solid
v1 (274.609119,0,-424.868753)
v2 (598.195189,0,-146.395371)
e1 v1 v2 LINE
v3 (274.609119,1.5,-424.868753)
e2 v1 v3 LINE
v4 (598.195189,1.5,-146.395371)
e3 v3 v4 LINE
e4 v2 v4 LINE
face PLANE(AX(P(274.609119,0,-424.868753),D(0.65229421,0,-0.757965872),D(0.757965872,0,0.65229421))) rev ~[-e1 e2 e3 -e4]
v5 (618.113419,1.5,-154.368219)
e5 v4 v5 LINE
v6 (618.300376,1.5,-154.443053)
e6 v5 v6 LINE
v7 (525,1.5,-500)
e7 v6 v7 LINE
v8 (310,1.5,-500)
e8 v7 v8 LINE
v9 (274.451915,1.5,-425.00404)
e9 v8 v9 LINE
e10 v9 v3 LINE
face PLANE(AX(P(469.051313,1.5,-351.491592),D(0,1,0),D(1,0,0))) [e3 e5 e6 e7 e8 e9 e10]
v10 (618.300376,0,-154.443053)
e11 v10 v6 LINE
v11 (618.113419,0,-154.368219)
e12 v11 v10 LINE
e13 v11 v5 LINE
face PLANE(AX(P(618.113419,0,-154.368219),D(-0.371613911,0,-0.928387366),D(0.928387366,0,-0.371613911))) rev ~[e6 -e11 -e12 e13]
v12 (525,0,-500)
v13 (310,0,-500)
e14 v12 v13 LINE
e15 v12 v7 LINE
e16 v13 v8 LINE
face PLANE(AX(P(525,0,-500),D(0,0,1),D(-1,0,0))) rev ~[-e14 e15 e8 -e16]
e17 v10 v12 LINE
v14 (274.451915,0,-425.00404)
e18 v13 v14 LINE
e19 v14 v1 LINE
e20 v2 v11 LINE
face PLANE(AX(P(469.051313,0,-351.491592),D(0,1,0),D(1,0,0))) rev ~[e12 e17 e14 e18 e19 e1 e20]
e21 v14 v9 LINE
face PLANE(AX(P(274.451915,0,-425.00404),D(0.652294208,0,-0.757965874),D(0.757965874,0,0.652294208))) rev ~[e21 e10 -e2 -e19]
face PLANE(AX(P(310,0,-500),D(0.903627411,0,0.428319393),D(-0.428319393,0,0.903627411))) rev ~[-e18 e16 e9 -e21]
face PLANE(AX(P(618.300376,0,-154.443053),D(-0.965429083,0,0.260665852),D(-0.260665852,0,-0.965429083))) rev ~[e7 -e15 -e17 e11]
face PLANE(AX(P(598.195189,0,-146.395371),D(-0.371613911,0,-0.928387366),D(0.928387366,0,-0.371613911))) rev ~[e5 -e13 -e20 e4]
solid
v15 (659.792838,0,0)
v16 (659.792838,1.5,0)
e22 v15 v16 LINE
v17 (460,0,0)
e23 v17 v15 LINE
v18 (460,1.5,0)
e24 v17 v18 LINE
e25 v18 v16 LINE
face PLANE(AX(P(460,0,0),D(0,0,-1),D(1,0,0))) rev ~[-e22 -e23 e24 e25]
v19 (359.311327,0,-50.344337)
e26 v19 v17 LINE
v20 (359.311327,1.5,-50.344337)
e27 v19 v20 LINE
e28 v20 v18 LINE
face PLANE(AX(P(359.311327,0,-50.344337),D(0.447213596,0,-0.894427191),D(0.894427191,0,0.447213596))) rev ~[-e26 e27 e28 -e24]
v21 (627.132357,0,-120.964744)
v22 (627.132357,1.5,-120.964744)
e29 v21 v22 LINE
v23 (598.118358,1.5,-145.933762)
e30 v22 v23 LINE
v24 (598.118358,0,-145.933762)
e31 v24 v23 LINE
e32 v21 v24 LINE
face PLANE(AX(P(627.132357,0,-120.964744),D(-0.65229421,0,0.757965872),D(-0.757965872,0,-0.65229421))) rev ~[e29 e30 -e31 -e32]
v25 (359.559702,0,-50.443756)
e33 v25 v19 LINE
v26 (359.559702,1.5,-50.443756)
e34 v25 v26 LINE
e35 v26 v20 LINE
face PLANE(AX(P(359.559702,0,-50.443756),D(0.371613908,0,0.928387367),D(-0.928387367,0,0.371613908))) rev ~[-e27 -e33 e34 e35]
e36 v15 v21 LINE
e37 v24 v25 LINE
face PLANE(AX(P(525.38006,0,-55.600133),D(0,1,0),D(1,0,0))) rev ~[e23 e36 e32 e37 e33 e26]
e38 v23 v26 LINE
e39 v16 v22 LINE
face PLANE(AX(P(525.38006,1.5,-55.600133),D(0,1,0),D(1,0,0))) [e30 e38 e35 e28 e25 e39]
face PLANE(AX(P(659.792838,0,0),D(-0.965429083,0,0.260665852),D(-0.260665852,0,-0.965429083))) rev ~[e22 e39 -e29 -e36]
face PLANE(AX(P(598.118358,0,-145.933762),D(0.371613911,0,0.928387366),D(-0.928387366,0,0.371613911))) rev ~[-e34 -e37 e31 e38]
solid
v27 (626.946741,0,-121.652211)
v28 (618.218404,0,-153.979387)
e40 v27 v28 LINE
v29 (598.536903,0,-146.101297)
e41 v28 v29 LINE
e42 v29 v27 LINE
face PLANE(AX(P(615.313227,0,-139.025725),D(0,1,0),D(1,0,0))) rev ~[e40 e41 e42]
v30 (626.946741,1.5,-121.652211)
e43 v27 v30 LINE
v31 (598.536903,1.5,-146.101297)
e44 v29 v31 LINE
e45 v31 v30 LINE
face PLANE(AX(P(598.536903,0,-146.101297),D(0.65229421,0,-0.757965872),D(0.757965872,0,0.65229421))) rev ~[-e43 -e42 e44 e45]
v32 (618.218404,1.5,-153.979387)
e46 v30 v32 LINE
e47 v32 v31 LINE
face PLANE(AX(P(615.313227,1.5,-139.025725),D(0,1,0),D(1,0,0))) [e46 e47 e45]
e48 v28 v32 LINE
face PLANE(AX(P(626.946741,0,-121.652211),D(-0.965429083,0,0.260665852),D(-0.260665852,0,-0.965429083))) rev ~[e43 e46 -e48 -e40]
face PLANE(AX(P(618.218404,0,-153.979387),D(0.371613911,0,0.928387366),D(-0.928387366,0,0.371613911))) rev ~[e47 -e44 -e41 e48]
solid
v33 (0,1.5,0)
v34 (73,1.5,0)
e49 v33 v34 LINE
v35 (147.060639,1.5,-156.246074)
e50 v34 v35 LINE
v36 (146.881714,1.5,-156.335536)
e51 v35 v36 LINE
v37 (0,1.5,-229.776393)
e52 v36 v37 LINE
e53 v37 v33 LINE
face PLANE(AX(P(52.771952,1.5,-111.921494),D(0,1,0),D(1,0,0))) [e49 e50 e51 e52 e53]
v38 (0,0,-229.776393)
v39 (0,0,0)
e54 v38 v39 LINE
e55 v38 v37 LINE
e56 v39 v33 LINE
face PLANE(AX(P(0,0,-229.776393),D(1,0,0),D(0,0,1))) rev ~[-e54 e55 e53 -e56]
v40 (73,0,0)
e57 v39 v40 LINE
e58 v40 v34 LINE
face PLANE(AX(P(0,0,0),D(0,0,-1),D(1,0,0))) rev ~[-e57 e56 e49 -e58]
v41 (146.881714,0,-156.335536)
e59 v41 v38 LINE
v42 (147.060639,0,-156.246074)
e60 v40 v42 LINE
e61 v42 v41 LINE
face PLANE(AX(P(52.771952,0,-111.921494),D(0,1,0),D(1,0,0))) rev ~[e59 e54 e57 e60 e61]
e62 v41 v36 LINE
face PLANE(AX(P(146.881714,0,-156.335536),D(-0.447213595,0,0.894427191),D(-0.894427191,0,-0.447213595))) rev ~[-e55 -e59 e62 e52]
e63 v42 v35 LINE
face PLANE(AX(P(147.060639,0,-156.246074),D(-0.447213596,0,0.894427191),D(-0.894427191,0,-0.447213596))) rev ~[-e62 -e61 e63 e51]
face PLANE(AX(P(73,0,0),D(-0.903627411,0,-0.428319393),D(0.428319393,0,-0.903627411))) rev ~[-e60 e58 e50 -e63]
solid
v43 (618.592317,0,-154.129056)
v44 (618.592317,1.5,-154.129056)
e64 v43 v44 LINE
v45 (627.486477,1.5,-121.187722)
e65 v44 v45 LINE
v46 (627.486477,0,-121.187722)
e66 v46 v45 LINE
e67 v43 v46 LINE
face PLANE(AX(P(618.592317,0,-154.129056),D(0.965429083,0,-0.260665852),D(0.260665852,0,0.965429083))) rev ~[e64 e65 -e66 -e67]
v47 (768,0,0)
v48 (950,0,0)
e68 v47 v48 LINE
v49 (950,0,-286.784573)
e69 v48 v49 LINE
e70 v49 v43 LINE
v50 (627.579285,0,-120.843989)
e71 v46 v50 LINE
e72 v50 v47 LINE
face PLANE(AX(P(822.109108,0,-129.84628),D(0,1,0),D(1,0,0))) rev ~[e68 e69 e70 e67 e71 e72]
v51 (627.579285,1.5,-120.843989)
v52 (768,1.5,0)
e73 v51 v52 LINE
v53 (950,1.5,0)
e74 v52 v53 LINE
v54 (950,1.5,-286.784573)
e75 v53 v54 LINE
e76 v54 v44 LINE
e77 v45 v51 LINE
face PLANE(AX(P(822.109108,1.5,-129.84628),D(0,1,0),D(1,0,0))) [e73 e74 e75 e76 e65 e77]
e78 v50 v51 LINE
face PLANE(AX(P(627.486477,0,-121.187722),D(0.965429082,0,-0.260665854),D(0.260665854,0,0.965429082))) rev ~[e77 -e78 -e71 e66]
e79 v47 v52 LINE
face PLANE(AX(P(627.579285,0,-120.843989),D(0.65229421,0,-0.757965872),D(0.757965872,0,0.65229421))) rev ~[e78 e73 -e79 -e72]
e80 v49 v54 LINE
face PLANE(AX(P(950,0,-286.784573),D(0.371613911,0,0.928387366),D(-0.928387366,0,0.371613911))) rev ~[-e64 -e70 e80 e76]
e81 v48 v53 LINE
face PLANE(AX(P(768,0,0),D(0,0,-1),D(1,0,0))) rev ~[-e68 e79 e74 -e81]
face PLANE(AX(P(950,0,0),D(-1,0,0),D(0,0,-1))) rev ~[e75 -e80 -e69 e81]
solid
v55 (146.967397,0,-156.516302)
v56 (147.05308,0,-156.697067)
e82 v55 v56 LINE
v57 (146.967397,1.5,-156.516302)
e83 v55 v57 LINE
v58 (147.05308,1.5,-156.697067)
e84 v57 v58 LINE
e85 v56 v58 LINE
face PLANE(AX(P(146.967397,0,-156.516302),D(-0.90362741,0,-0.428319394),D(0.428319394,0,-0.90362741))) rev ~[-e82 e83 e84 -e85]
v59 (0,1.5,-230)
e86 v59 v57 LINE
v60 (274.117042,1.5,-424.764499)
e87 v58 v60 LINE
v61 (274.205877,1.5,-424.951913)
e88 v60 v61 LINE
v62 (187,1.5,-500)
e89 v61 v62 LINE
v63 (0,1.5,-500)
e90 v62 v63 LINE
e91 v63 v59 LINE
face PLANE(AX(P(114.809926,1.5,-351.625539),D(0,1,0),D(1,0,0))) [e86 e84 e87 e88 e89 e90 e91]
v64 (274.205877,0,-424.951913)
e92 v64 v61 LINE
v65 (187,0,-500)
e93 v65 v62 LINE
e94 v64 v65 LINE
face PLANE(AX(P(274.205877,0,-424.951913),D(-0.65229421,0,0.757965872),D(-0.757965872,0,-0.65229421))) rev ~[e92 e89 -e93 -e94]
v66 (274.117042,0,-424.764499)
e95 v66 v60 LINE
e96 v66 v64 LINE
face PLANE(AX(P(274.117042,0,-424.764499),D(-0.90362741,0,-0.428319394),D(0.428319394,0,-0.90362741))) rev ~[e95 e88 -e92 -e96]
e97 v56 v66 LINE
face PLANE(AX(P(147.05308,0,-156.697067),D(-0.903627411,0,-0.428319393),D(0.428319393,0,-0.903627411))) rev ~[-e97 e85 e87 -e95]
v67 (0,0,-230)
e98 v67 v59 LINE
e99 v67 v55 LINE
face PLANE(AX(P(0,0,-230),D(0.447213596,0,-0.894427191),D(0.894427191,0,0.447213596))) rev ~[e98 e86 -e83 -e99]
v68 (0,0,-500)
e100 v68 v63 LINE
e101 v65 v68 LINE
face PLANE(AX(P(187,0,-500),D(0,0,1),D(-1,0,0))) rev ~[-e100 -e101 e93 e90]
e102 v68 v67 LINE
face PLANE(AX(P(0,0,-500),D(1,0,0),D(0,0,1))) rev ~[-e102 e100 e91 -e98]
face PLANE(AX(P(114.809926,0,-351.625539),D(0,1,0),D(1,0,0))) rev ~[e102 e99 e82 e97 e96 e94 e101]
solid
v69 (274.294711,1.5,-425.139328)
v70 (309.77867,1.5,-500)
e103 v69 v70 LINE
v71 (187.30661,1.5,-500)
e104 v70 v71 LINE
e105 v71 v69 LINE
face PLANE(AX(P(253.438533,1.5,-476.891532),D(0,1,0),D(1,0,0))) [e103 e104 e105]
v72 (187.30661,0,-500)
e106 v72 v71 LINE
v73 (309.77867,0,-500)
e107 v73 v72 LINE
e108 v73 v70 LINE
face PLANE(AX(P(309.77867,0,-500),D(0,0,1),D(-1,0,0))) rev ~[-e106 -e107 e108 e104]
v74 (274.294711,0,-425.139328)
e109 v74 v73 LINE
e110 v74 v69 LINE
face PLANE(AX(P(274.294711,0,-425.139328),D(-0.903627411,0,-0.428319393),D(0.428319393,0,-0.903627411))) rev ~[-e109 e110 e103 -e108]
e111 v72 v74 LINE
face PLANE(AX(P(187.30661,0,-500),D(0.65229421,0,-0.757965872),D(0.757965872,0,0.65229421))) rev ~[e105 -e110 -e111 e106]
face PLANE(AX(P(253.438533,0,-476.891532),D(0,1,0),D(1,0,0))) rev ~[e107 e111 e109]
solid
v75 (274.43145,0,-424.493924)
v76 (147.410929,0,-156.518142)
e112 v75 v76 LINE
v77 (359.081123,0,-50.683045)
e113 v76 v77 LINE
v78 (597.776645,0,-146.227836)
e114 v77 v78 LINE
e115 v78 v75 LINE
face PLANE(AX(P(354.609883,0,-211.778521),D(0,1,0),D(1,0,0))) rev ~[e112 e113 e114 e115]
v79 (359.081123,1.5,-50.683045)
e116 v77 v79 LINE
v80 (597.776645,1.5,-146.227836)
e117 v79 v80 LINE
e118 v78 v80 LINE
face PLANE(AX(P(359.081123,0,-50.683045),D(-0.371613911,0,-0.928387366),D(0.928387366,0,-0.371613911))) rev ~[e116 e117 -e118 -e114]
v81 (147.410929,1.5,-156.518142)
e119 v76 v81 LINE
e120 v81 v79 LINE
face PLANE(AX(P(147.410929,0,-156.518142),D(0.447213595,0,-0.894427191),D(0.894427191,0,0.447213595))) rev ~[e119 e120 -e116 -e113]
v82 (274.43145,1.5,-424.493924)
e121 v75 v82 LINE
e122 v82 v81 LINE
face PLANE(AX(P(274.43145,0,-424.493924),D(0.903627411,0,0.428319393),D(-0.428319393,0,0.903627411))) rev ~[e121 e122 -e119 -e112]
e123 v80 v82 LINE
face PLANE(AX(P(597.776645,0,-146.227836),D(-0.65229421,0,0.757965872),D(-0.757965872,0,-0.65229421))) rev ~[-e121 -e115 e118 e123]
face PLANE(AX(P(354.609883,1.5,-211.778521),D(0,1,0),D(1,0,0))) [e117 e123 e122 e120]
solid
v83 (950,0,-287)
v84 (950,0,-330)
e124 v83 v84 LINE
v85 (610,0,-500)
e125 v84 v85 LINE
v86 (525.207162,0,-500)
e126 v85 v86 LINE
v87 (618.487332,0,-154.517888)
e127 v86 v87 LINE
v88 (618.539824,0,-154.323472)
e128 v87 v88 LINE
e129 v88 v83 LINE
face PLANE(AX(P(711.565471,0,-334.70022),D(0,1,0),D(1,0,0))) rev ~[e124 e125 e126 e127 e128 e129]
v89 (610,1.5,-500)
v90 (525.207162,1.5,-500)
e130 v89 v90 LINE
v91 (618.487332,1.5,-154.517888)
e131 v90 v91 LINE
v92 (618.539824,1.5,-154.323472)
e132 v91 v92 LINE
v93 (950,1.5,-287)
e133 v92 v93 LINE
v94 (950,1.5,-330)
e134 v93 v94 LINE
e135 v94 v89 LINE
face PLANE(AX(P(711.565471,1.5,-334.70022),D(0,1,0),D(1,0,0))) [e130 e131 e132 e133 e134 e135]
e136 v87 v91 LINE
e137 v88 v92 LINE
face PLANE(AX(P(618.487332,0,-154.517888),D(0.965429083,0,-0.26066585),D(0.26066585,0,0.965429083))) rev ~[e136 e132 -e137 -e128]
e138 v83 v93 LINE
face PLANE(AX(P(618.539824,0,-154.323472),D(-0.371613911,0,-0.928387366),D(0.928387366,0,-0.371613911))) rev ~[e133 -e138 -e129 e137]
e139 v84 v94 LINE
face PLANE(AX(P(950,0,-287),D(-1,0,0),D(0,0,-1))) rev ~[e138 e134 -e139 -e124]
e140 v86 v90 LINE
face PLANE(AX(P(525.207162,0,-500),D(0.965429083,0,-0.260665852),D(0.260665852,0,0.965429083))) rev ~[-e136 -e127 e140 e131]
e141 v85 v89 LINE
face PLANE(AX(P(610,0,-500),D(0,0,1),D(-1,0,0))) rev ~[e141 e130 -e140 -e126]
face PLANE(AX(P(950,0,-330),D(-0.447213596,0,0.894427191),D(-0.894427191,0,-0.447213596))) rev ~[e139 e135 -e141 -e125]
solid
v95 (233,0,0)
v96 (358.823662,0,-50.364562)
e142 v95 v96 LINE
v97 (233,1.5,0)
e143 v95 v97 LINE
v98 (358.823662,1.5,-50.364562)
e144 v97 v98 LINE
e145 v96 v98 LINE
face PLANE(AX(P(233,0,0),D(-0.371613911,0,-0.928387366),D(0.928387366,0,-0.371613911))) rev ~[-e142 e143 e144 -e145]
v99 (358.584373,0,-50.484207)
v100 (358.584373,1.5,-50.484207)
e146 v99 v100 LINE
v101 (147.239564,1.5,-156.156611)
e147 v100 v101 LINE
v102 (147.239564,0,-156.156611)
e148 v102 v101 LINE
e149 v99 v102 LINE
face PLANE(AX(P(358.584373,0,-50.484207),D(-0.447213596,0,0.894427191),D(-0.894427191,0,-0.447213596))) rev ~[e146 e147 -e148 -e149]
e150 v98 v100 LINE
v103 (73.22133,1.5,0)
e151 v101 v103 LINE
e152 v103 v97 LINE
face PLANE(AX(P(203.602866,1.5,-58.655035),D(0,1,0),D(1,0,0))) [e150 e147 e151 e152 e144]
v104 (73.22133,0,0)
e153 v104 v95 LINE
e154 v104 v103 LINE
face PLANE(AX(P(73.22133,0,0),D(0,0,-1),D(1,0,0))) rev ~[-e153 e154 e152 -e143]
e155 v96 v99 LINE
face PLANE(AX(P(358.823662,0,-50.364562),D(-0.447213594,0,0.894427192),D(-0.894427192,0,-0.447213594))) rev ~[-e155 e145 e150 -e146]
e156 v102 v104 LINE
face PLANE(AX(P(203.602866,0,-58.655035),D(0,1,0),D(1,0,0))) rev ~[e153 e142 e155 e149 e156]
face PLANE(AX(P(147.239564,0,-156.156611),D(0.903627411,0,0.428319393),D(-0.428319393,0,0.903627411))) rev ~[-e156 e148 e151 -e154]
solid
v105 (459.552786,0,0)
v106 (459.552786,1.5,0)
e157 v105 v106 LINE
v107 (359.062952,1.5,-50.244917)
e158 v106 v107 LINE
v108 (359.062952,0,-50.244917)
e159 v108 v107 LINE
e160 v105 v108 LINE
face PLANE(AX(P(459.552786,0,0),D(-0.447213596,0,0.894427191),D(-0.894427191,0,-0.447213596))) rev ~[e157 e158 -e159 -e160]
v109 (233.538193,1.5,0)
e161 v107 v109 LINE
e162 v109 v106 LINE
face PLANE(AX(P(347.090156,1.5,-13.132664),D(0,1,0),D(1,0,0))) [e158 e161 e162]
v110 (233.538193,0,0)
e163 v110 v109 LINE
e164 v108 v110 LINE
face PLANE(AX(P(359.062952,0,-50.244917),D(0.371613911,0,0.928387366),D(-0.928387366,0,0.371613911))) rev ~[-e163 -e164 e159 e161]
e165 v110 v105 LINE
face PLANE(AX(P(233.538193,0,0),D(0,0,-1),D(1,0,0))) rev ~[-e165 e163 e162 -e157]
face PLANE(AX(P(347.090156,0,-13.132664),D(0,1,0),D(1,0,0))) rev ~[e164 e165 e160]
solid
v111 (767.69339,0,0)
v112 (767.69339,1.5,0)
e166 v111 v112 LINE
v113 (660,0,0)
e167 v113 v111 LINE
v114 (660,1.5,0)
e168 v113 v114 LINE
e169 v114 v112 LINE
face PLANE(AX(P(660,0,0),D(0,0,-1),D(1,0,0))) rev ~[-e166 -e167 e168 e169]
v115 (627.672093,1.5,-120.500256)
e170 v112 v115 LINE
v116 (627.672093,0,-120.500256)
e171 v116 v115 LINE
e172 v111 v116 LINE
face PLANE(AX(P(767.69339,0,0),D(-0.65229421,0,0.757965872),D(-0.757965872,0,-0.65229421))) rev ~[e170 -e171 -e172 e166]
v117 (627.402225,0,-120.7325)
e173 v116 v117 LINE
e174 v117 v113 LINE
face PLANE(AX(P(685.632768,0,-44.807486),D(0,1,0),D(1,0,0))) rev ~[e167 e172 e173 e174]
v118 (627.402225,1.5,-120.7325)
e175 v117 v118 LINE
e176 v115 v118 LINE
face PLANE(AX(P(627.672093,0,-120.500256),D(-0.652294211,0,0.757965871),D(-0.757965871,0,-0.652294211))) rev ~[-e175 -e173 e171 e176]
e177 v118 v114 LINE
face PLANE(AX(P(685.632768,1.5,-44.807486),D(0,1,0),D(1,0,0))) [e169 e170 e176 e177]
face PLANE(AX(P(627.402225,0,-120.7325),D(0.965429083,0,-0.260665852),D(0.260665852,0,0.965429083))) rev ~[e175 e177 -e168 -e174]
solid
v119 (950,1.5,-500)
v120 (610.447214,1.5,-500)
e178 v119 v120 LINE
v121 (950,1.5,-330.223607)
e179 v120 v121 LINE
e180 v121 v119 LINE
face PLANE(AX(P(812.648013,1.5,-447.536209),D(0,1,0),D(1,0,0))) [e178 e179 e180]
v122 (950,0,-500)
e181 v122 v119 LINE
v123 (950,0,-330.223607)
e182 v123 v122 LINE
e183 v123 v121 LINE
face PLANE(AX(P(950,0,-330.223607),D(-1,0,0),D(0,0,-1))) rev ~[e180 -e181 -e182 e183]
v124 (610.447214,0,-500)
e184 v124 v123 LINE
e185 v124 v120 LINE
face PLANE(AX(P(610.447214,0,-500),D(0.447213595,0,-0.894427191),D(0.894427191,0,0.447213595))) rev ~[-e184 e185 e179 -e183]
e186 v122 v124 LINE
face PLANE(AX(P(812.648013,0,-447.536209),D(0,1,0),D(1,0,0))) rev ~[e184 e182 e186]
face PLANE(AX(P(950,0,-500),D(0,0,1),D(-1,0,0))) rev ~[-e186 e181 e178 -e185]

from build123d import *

# Parameters (mm, degrees)
BOSS_EXTRU_1_DEPTH    = 1.5
BOSS_EXTRU_1_2_DEPTH  = 1.5
BOSS_EXTRU_1_3_DEPTH  = 1.5
BOSS_EXTRU_1_4_DEPTH  = 1.5
BOSS_EXTRU_1_5_DEPTH  = 1.5
BOSS_EXTRU_1_6_DEPTH  = 1.5
BOSS_EXTRU_1_7_DEPTH  = 1.5
BOSS_EXTRU_1_8_DEPTH  = 1.5
BOSS_EXTRU_1_9_DEPTH  = 1.5
BOSS_EXTRU_1_10_DEPTH = 1.5
BOSS_EXTRU_1_11_DEPTH = 1.5
BOSS_EXTRU_1_12_DEPTH = 1.5
BOSS_EXTRU_1_13_DEPTH = 1.5


with BuildPart() as part:
    # Esquisse1 → Boss.-Extru.1 (new body)
    with BuildSketch(Plane(origin=(0, 0, 0), x_dir=(1, 0, 0), z_dir=(0, 1, 0))):
        Polygon((0, 500), (0, 230), (146.967396798, 156.516301601), (147.053079597, 156.697066999), (274.117042274, 424.764498808), (274.205876744, 424.951913301), (187, 500), align=None)
    extrude(amount=BOSS_EXTRU_1_DEPTH)


with BuildPart() as body_2:
    # Esquisse1 → Boss.-Extru.1 2 (new body)
    with BuildSketch(Plane(origin=(0, 0, 0), x_dir=(1, 0, 0), z_dir=(0, 1, 0))):
        Polygon((146.881713999, 156.335536203), (0, 229.776393202), (0, 0), (73, 0), (147.060638947, 156.246073729), align=None)
    extrude(amount=BOSS_EXTRU_1_2_DEPTH)


with BuildPart() as body_3:
    # Esquisse1 → Boss.-Extru.1 3 (new body)
    with BuildSketch(Plane(origin=(0, 0, 0), x_dir=(1, 0, 0), z_dir=(0, 1, 0))):
        Polygon((309.778669839, 500), (187.306610111, 500), (274.294711214, 425.139327794), align=None)
    extrude(amount=BOSS_EXTRU_1_3_DEPTH)


with BuildPart() as body_4:
    # Esquisse1 → Boss.-Extru.1 4 (new body)
    with BuildSketch(Plane(origin=(0, 0, 0), x_dir=(1, 0, 0), z_dir=(0, 1, 0))):
        Polygon((358.58437264, 50.484206882), (147.239563895, 156.156611255), (73.221330161, 0), (233, 0), (358.823662163, 50.364562121), align=None)
    extrude(amount=BOSS_EXTRU_1_4_DEPTH)


with BuildPart() as body_5:
    # Esquisse1 → Boss.-Extru.1 5 (new body)
    with BuildSketch(Plane(origin=(0, 0, 0), x_dir=(1, 0, 0), z_dir=(0, 1, 0))):
        Polygon((274.431450155, 424.49392404), (147.410929493, 156.518142051), (359.081122676, 50.68304546), (597.77664453, 146.227835937), align=None)
    extrude(amount=BOSS_EXTRU_1_5_DEPTH)


with BuildPart() as body_6:
    # Esquisse1 → Boss.-Extru.1 6 (new body)
    with BuildSketch(Plane(origin=(0, 0, 0), x_dir=(1, 0, 0), z_dir=(0, 1, 0))):
        Polygon((525, 500), (310, 500), (274.451915154, 425.00404041), (274.609119095, 424.868753026), (598.195189423, 146.395370643), (618.113419218, 154.368218553), (618.300375619, 154.443053263), align=None)
    extrude(amount=BOSS_EXTRU_1_6_DEPTH)


with BuildPart() as body_7:
    # Esquisse1 → Boss.-Extru.1 7 (new body)
    with BuildSketch(Plane(origin=(0, 0, 0), x_dir=(1, 0, 0), z_dir=(0, 1, 0))):
        Polygon((359.559701721, 50.443755937), (359.311326703, 50.344336649), (460, 0), (659.792838227, 0), (627.132357343, 120.964744015), (598.118358298, 145.933762127), align=None)
    extrude(amount=BOSS_EXTRU_1_7_DEPTH)


with BuildPart() as body_8:
    # Esquisse1 → Boss.-Extru.1 8 (new body)
    with BuildSketch(Plane(origin=(0, 0, 0), x_dir=(1, 0, 0), z_dir=(0, 1, 0))):
        Polygon((359.062951685, 50.24491736), (233.538192985, 0), (459.552786405, 0), align=None)
    extrude(amount=BOSS_EXTRU_1_8_DEPTH)


with BuildPart() as body_9:
    # Esquisse1 → Boss.-Extru.1 9 (new body)
    with BuildSketch(Plane(origin=(0, 0, 0), x_dir=(1, 0, 0), z_dir=(0, 1, 0))):
        Polygon((610, 500), (525.207161773, 500), (618.48733202, 154.517887973), (618.539824278, 154.323472201), (950, 287), (950, 330), align=None)
    extrude(amount=BOSS_EXTRU_1_9_DEPTH)


with BuildPart() as body_10:
    # Esquisse1 → Boss.-Extru.1 10 (new body)
    with BuildSketch(Plane(origin=(0, 0, 0), x_dir=(1, 0, 0), z_dir=(0, 1, 0))):
        Polygon((627.402225034, 120.732499876), (660, 0), (767.693389889, 0), (627.672092724, 120.500255736), align=None)
    extrude(amount=BOSS_EXTRU_1_10_DEPTH)


with BuildPart() as body_11:
    # Esquisse1 → Boss.-Extru.1 11 (new body)
    with BuildSketch(Plane(origin=(0, 0, 0), x_dir=(1, 0, 0), z_dir=(0, 1, 0))):
        Polygon((950, 500), (610.447213595, 500), (950, 330.223606798), align=None)
    extrude(amount=BOSS_EXTRU_1_11_DEPTH)


with BuildPart() as body_12:
    # Esquisse1 → Boss.-Extru.1 12 (new body)
    with BuildSketch(Plane(origin=(0, 0, 0), x_dir=(1, 0, 0), z_dir=(0, 1, 0))):
        Polygon((618.218403735, 153.979387009), (598.536903191, 146.101296833), (626.946741357, 121.652210631), align=None)
    extrude(amount=BOSS_EXTRU_1_12_DEPTH)


with BuildPart() as body_13:
    # Esquisse1 → Boss.-Extru.1 13 (new body)
    with BuildSketch(Plane(origin=(0, 0, 0), x_dir=(1, 0, 0), z_dir=(0, 1, 0))):
        Polygon((950, 286.784572682), (618.592316537, 154.129056429), (627.486476737, 121.187722352), (627.579284731, 120.843989044), (768, 0), (950, 0), align=None)
    extrude(amount=BOSS_EXTRU_1_13_DEPTH)


solid = Compound([part.part, body_2.part, body_3.part, body_4.part, body_5.part, body_6.part, body_7.part, body_8.part, body_9.part, body_10.part, body_11.part, body_12.part, body_13.part])
